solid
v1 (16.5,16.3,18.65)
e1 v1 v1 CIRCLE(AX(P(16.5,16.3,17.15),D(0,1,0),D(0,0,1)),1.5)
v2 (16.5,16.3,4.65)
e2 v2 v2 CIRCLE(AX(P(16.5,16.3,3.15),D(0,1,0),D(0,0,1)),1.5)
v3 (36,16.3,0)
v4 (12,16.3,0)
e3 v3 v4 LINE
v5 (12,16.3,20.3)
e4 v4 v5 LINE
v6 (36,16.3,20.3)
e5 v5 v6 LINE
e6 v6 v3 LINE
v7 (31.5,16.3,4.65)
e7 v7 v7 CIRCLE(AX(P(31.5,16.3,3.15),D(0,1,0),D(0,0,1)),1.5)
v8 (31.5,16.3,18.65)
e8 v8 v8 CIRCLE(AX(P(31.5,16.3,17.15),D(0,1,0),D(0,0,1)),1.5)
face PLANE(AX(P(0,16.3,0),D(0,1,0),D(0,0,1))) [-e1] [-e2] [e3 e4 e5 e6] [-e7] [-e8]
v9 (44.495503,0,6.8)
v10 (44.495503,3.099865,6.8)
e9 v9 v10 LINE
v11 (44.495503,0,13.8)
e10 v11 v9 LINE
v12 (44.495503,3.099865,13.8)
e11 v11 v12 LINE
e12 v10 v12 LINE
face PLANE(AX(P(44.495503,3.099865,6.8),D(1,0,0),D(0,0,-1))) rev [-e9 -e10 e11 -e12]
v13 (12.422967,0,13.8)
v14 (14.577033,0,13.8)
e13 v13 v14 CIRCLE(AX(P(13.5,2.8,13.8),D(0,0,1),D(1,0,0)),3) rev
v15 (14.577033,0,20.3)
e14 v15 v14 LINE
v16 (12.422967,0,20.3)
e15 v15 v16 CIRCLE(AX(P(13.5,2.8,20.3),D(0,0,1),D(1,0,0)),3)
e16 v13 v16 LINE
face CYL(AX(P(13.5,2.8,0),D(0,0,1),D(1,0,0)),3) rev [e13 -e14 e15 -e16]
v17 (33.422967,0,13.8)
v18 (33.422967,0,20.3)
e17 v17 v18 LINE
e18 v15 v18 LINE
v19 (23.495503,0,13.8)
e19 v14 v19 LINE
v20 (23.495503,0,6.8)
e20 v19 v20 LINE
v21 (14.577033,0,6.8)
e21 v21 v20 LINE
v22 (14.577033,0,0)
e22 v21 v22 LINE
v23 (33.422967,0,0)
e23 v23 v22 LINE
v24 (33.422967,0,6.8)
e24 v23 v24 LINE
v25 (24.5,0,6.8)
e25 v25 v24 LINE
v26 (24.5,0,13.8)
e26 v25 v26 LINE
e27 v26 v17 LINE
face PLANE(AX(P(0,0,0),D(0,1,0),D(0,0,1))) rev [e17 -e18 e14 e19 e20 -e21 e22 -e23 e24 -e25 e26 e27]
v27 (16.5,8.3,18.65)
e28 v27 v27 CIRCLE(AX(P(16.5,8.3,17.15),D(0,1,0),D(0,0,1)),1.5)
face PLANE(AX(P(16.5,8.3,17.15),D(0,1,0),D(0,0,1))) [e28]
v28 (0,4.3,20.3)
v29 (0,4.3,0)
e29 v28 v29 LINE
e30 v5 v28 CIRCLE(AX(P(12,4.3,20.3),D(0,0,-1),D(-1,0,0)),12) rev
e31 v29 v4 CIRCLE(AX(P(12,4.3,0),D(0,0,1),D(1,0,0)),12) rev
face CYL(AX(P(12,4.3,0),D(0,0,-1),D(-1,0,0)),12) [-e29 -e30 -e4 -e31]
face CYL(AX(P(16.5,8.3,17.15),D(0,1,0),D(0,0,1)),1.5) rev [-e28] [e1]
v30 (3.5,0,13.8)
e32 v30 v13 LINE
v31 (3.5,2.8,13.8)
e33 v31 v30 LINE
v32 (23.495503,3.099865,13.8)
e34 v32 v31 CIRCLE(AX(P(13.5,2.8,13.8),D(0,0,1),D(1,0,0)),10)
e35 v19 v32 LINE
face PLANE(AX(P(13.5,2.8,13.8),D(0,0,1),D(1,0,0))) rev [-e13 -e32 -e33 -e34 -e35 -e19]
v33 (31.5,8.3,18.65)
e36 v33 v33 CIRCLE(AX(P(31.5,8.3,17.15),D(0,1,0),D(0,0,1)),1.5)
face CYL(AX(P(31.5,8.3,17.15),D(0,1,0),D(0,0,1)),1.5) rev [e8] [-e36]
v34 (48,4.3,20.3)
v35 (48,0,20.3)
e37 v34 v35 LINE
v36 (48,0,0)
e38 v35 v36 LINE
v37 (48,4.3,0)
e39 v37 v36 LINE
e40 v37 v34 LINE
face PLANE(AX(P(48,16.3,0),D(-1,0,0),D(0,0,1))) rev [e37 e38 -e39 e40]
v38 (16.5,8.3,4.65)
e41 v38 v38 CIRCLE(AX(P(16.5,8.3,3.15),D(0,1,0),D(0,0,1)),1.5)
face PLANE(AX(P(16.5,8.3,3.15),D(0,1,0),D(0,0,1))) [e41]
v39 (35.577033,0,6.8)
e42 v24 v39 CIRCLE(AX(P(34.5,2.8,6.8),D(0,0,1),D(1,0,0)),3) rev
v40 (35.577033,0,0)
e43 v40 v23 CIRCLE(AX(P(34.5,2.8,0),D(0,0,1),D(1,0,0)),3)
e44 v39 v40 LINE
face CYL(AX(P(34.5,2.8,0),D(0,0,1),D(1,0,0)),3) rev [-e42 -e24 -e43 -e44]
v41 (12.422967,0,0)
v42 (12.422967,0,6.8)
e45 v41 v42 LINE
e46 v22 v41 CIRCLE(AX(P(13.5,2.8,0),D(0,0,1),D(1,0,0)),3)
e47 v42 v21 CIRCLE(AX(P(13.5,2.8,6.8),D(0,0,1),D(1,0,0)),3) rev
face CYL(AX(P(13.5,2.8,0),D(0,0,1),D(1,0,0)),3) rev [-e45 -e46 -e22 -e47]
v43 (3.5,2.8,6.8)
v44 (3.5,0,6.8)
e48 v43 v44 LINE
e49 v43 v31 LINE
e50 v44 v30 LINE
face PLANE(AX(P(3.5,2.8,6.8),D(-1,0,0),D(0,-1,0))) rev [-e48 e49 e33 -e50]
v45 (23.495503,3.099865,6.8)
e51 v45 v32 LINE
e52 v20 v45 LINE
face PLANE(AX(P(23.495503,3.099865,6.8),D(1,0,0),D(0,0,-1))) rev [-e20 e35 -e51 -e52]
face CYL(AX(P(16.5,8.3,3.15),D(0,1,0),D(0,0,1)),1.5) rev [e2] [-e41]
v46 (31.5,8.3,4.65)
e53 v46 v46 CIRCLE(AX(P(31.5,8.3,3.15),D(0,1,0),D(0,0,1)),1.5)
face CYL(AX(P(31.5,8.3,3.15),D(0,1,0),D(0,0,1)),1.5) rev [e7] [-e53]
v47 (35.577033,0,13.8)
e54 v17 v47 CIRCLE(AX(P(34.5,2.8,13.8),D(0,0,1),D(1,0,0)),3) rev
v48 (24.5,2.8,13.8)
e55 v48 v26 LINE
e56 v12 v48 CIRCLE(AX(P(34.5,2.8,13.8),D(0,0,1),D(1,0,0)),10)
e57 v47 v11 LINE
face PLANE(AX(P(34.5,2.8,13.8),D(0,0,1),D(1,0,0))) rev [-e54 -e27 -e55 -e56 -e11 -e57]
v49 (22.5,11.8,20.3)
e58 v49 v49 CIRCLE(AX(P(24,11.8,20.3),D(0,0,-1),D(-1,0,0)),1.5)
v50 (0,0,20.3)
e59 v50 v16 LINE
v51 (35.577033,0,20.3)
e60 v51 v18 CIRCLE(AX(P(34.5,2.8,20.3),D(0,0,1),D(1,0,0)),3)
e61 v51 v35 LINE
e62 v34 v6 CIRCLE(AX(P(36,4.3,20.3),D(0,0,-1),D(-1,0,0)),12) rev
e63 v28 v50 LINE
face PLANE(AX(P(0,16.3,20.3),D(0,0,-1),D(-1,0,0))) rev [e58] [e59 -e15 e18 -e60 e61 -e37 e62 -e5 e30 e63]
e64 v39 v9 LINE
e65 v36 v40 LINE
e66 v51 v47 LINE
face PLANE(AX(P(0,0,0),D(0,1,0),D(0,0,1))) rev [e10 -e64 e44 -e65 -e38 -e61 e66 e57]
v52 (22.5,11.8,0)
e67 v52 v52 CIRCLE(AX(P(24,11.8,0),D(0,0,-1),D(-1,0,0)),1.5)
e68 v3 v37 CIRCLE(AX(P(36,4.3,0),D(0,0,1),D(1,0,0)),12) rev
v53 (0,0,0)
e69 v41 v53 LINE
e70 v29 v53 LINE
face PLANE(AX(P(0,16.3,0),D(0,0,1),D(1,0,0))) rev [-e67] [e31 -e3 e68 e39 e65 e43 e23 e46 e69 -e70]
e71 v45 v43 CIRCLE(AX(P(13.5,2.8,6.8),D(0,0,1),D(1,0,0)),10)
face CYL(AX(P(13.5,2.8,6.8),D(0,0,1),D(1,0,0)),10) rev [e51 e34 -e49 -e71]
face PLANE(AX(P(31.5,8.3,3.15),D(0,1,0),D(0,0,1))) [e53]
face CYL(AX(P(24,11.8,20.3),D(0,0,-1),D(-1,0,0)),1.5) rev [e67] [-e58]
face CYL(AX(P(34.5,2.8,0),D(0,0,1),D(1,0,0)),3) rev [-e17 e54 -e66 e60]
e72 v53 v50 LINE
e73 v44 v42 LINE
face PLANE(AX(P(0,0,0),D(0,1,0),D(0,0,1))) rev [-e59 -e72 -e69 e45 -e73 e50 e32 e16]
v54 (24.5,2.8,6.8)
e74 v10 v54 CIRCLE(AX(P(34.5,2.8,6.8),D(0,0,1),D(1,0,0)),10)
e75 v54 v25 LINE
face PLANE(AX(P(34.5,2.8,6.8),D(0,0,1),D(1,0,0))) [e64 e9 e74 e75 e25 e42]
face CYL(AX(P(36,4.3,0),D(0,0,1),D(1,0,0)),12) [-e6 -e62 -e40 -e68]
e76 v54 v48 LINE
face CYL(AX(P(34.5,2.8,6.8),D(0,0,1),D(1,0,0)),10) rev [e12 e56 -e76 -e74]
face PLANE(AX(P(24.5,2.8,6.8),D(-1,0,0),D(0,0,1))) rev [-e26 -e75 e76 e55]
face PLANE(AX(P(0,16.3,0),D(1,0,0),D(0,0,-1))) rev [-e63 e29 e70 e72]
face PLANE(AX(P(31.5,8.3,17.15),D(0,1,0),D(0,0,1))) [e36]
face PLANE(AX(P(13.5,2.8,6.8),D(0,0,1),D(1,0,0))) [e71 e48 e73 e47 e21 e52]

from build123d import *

# Parameters (mm, degrees)
SKETCH1_W           = 48
SKETCH1_H           = 20.3
BOSS_EXTRUDE1_DEPTH = 16.3
SKETCH2_R           = 3
CUT_EXTRUDE1_DEPTH  = 55.605677361
CUT_EXTRUDE2_DEPTH  = 3.5
FILLET1_R           = 12
SKETCH4_R           = 1.5
CUT_EXTRUDE3_DEPTH  = 55.605677361
SKETCH5_R           = 1.5
CUT_EXTRUDE4_DEPTH  = 8


with BuildPart() as part:
    # Sketch1 → Boss-Extrude1 (new body)
    with BuildSketch(Plane(origin=(0, 0, 0), x_dir=(1, 0, 0), z_dir=(0, 1, 0))):
        with Locations((24, -10.15)):
            Rectangle(SKETCH1_W, SKETCH1_H)
    extrude(amount=BOSS_EXTRUDE1_DEPTH)

    # Sketch2 → Cut-Extrude1 (cut, through all)
    with BuildSketch(Plane.XY.offset(20.3)):
        with Locations((13.5, 2.8)):
            Circle(SKETCH2_R)
        with Locations((34.5, 2.8)):
            Circle(SKETCH2_R)
    extrude(amount=-CUT_EXTRUDE1_DEPTH, mode=Mode.SUBTRACT)

    # Sketch3 → Cut-Extrude2 (cut, symmetric)
    with BuildSketch(Plane.XY.offset(10.3)):
        with BuildLine():
            Line((3.5, 2.8), (3.5, -6.25))
            Line((3.5, -6.25), (23.495503035, -6.25))
            Line((23.495503035, -6.25), (23.495503035, 3.099865091))
            ThreePointArc((23.495503035, 3.099865091), (13.350050596, 12.798875696), (3.5, 2.8))
        make_face()
        with BuildLine():
            Line((24.5, 2.8), (24.5, -6.25))
            Line((24.5, -6.25), (44.495503035, -6.25))
            Line((44.495503035, -6.25), (44.495503035, 3.099865091))
            ThreePointArc((44.495503035, 3.099865091), (34.350050596, 12.798875696), (24.5, 2.8))
        make_face()
    extrude(amount=CUT_EXTRUDE2_DEPTH, both=True, mode=Mode.SUBTRACT)

    # Fillet1
    fillet1_edges = [part.edges().sort_by_distance(p)[0] for p in [
        (48, 16.3, 10.15),
        (0, 16.3, 10.15),
    ]]
    fillet(fillet1_edges, radius=FILLET1_R)

    # Sketch4 → Cut-Extrude3 (cut, through all)
    with BuildSketch(Plane(origin=(0, 0, 0), x_dir=(-1, 0, 0), z_dir=(0, 0, -1))):
        with Locations((-24, 11.8)):
            Circle(SKETCH4_R)
    extrude(amount=-CUT_EXTRUDE3_DEPTH, mode=Mode.SUBTRACT)

    # Sketch5 → Cut-Extrude4 (cut)
    with BuildSketch(Plane(origin=(0, 16.3, 0), x_dir=(1, 0, 0), z_dir=(0, 1, 0))):
        with Locations(Location((31.5, -17.15, 0), (0, 0, 270))):
            Circle(SKETCH5_R)
        with Locations(Location((16.5, -17.15, 0), (0, 0, 270))):
            Circle(SKETCH5_R)
        with Locations(Location((16.5, -3.15, 0), (0, 0, 270))):
            Circle(SKETCH5_R)
        with Locations(Location((31.5, -3.15, 0), (0, 0, 270))):
            Circle(SKETCH5_R)
    extrude(amount=-CUT_EXTRUDE4_DEPTH, mode=Mode.SUBTRACT)


solid = part.part
